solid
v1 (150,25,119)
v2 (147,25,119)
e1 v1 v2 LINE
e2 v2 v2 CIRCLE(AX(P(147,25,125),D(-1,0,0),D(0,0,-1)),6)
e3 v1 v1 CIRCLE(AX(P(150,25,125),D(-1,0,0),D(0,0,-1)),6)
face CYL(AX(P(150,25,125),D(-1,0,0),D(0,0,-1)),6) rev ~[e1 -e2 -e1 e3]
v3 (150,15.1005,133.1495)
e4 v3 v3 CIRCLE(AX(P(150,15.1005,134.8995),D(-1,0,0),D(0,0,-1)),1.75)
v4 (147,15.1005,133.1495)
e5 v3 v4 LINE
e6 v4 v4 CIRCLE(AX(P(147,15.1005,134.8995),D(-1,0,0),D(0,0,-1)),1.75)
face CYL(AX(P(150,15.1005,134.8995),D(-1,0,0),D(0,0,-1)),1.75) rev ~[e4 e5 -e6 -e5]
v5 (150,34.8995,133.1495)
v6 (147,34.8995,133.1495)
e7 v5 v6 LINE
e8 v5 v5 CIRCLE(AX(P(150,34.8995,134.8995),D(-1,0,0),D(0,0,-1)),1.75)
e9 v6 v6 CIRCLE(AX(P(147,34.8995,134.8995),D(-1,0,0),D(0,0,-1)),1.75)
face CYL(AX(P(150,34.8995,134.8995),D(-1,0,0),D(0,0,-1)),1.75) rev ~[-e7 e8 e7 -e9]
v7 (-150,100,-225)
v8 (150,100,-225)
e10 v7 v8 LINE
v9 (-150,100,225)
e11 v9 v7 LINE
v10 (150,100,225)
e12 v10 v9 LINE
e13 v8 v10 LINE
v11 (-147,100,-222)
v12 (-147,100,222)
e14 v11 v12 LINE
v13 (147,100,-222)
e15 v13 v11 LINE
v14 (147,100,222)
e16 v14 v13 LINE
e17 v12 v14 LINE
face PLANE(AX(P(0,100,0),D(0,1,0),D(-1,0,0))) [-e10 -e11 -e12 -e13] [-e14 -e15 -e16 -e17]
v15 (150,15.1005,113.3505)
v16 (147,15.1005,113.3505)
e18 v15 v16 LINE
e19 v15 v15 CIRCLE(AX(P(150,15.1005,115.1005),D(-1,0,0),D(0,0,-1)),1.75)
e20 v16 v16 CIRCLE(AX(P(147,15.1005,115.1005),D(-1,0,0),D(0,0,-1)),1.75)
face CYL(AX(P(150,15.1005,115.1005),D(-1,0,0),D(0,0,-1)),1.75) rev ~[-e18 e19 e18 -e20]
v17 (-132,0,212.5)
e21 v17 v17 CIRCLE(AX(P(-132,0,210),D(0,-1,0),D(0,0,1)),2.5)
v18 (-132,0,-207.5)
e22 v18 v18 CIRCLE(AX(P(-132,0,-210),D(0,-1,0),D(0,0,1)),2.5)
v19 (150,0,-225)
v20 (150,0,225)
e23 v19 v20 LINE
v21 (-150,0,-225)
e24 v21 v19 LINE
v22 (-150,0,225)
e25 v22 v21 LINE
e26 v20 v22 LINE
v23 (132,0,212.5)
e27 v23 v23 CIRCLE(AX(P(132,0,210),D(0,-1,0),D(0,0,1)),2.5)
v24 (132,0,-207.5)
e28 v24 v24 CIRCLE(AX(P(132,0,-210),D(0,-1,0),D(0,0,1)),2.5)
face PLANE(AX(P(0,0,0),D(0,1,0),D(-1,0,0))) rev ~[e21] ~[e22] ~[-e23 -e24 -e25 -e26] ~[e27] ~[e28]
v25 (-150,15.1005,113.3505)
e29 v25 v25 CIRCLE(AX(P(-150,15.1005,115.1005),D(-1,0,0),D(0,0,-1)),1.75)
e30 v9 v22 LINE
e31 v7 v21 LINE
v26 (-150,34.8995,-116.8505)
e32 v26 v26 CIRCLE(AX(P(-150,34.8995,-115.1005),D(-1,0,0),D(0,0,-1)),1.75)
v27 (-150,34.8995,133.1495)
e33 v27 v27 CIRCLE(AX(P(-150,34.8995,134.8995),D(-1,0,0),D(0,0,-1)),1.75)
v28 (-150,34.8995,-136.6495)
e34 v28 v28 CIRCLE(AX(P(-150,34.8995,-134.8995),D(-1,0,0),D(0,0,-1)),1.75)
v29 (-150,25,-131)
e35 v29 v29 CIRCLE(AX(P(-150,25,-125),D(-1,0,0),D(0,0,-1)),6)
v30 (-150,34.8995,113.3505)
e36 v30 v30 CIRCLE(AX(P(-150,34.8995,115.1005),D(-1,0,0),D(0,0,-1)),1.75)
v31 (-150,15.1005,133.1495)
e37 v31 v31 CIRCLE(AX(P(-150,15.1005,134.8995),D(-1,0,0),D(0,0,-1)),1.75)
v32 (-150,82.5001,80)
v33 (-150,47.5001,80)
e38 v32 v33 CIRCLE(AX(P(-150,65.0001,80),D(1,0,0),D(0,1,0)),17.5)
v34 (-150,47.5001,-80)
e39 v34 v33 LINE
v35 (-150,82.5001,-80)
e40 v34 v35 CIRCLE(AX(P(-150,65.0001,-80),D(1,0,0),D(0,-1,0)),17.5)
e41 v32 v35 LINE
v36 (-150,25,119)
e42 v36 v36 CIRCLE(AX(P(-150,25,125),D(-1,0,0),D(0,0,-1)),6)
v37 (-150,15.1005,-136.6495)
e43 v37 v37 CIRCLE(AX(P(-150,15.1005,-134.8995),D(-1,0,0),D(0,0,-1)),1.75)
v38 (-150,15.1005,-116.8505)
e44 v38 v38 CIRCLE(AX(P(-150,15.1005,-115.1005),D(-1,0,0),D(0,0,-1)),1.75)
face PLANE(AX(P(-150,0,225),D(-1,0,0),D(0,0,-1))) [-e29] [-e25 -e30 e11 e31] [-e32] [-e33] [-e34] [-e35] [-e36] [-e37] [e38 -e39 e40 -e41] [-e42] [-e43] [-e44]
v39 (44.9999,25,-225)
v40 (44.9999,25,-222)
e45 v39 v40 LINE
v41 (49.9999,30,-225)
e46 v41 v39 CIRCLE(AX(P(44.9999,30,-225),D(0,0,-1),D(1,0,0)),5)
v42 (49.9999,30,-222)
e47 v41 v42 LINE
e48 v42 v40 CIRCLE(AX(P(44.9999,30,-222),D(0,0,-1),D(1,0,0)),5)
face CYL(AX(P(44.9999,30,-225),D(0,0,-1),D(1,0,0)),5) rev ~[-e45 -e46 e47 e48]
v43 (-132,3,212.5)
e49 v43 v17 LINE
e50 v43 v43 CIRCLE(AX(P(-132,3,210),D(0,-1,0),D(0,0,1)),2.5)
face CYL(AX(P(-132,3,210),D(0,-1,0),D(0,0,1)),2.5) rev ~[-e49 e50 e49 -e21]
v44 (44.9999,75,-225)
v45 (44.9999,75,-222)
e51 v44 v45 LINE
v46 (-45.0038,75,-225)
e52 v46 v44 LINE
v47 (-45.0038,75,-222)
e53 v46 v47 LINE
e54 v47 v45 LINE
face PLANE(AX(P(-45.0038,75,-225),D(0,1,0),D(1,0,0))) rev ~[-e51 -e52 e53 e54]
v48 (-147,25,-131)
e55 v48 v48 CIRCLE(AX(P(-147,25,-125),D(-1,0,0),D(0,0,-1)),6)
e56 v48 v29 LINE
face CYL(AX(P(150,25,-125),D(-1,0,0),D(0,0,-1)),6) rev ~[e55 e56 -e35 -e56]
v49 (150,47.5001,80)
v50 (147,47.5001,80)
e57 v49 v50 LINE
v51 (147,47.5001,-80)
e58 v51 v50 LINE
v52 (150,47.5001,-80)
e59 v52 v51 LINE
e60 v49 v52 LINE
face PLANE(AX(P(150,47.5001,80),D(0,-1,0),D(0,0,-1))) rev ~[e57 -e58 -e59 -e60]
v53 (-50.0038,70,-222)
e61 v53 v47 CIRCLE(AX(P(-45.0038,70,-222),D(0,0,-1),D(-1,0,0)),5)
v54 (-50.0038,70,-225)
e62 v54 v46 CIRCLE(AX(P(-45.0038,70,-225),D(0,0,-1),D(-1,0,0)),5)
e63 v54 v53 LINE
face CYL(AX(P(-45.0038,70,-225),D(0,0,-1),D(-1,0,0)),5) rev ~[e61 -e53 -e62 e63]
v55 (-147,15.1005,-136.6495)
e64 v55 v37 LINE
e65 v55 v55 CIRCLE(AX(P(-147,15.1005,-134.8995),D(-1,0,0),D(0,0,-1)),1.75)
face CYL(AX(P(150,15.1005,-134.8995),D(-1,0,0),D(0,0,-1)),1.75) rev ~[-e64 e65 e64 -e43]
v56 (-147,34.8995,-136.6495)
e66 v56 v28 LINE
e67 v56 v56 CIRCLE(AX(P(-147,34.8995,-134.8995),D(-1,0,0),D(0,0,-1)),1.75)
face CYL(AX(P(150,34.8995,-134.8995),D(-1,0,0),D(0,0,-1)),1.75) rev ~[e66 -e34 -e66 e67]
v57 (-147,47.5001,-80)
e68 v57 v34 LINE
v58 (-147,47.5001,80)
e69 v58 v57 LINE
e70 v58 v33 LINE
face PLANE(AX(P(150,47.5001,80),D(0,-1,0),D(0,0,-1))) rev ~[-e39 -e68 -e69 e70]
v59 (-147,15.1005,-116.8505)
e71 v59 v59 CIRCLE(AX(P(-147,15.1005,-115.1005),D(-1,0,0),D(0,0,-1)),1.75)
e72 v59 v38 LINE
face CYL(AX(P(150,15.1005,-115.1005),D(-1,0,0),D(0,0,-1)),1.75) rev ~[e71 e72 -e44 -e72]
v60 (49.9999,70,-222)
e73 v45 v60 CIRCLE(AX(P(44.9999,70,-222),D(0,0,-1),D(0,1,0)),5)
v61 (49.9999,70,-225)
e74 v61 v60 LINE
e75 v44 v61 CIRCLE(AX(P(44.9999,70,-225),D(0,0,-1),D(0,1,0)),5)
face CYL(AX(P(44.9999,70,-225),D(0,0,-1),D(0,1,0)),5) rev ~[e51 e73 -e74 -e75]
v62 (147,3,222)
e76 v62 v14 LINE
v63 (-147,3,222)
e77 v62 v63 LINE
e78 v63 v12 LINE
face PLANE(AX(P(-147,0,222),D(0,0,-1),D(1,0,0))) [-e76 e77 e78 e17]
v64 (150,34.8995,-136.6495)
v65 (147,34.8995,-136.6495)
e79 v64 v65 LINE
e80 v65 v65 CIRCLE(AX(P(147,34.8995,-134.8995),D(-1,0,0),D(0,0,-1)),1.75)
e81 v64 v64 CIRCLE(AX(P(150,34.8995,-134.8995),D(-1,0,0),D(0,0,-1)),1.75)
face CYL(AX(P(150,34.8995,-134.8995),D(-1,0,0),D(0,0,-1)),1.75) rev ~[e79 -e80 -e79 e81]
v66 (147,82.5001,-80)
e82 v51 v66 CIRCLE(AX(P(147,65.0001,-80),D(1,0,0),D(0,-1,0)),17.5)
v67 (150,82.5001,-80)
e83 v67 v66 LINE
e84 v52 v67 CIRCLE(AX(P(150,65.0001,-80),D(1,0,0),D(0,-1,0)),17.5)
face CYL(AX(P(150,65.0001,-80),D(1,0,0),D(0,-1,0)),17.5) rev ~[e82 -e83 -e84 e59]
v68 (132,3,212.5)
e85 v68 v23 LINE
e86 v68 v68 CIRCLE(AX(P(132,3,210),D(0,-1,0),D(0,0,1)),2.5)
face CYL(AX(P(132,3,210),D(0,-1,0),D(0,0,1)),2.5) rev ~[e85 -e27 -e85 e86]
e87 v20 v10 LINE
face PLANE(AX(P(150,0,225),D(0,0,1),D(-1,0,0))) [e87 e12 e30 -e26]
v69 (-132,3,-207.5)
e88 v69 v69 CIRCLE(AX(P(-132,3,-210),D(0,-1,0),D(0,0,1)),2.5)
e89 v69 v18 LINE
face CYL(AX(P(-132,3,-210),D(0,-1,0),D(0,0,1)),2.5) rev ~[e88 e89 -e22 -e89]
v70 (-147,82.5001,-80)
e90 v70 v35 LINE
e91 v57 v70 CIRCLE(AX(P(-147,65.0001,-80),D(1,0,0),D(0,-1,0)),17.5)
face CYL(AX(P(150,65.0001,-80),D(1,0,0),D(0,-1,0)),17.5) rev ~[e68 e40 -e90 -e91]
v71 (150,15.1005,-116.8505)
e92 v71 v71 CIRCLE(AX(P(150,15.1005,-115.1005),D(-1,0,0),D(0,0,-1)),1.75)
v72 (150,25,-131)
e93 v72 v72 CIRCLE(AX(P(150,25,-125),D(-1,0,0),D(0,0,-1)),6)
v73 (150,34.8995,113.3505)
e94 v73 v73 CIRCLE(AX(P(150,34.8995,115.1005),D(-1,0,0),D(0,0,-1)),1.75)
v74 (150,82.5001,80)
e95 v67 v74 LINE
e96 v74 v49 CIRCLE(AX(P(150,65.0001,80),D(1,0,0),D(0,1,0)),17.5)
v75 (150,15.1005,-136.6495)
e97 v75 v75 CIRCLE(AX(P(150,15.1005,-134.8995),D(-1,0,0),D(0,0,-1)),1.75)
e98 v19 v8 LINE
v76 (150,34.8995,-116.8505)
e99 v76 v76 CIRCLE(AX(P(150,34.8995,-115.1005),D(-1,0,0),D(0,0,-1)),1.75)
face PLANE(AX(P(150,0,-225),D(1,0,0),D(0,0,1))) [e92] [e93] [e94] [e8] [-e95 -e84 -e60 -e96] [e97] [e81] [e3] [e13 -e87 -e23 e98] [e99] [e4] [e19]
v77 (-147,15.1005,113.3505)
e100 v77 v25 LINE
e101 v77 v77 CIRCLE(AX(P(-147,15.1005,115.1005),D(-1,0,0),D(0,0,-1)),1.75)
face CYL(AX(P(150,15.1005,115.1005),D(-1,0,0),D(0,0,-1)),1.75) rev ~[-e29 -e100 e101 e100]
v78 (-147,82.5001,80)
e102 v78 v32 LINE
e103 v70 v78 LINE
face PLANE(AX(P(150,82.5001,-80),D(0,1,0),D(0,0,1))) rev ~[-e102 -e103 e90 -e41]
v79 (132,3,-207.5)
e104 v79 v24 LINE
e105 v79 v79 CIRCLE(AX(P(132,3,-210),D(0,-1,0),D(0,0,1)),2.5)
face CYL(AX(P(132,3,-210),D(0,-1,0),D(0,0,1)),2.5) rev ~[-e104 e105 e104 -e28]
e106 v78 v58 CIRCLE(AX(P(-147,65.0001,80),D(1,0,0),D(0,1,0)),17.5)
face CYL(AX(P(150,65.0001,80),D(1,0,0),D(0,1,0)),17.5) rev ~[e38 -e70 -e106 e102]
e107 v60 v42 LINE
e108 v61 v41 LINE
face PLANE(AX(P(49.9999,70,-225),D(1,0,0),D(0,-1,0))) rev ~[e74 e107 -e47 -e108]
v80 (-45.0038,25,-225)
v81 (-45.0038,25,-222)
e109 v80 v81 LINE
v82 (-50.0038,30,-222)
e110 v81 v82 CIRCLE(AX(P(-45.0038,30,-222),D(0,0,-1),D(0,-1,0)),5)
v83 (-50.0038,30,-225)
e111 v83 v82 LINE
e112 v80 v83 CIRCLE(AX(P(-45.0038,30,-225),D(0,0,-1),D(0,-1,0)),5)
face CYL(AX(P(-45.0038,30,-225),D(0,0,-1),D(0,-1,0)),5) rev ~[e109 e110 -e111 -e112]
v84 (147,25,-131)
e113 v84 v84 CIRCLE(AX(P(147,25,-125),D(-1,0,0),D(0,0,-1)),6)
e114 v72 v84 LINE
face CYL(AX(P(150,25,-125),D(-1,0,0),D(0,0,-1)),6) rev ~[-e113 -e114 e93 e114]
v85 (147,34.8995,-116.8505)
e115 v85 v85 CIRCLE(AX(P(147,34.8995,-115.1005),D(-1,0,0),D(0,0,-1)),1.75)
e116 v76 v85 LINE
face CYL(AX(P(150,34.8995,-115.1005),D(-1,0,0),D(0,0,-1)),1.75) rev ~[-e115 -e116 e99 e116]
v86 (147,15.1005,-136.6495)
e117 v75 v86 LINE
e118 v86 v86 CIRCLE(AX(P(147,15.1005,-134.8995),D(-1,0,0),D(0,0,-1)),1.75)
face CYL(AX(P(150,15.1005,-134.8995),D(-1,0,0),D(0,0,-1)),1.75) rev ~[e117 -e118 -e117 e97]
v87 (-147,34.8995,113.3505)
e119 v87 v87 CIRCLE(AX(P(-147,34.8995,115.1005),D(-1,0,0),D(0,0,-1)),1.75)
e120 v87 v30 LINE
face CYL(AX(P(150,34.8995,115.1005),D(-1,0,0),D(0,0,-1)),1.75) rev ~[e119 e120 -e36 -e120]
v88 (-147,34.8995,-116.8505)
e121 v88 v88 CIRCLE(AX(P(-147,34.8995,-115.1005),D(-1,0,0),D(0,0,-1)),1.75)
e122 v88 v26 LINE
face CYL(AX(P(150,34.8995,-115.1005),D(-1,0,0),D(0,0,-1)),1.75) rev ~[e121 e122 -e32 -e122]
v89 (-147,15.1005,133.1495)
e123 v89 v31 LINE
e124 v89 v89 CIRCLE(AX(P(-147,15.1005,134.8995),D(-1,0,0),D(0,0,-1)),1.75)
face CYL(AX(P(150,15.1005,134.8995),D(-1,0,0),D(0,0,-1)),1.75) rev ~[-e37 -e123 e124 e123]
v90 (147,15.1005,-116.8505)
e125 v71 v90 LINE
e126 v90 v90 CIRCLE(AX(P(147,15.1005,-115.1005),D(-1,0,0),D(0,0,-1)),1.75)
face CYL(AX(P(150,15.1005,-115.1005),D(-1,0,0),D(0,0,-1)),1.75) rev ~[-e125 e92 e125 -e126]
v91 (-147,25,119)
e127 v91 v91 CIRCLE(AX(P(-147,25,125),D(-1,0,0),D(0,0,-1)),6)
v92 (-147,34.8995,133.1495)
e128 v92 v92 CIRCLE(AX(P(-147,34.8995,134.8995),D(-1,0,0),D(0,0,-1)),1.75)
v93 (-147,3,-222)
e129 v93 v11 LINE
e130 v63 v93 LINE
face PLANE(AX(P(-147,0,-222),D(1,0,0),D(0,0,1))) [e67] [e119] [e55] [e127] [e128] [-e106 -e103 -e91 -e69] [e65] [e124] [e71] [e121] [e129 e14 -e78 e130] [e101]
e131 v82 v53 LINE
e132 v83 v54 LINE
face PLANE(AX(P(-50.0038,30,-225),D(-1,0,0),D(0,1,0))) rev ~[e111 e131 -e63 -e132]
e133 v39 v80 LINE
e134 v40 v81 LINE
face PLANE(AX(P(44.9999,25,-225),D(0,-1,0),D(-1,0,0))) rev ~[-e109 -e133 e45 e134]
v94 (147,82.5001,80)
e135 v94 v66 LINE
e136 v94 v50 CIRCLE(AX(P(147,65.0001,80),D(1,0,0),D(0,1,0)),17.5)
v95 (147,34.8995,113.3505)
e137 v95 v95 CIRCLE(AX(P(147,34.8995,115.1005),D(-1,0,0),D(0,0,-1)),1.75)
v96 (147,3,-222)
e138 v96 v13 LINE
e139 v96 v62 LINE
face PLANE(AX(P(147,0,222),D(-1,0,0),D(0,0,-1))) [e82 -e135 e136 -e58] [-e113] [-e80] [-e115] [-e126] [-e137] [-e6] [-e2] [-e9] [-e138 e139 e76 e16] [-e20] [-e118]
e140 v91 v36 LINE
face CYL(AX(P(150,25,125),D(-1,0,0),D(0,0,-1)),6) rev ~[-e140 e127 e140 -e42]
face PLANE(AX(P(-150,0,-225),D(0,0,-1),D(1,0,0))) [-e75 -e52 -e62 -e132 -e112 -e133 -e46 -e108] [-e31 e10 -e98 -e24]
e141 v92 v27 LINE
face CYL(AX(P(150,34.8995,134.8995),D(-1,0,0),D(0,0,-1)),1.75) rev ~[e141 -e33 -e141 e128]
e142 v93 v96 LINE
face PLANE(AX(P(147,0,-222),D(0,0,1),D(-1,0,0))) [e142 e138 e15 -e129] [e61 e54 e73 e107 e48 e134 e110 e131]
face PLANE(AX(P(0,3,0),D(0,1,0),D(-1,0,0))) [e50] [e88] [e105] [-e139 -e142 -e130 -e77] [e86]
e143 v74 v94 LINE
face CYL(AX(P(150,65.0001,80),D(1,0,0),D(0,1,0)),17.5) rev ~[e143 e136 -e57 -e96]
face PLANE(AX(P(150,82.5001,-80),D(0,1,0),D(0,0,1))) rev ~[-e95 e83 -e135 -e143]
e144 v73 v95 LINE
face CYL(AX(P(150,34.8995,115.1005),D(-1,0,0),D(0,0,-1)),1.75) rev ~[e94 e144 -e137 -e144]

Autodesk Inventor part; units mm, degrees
ref_plane "YZ Plane" through (0, 0, 0) normal (1, 0, 0) x (0, 1, 0)
ref_plane "XZ Plane" through (0, 0, 0) normal (0, 1, 0) x (-1, 0, 0)
ref_plane "XY Plane" through (0, 0, 0) normal (0, 0, 1) x (1, 0, 0)
sketch "Sketch1" plane through (0, 0, 0) normal (0, 1, 0) x (-1, 0, 0)
  line L0 (-150, 225) -> (150, 225)
  line L1 (150, 225) -> (150, -225)
  line L2 (150, -225) -> (-150, -225)
  line L3 (-150, -225) -> (-150, 225)
  line L4 (-150, 225) -> (150, -225) construction
  line L5 (150, 225) -> (-150, -225) construction
  line L6 (147, -222) -> (147, 222)
  line L7 (147, 222) -> (-147, 222)
  line L8 (-147, 222) -> (-147, -222)
  line L9 (-147, -222) -> (147, -222)
  point P0 (0, 0)
  dimension "d0" = 300
  dimension "d1" = 450
  dimension "d4" = 3
extrude "Extrusion1" add sketch "Sketch1" along normal blind 3 contours L0 L1 L2 L3 | L9 L8 L7 L6
extrude "Extrusion2" add sketch "Sketch1" along normal blind 100
sketch "Sketch2" plane through (150, 0, 225) normal (1, 0, 0) x (0, 0, -1)
  line L0 (0, 0) -> (450, 0) projected
  line L1 (450, 0) -> (450, 100) projected
  line L2 (0, 100) -> (450, 100) projected
  line L3 (0, 0) -> (0, 100) projected
  line L4 (0, 25) -> (450, 25)
  circle A0 centre (100, 25) radius 14
  circle A1 centre (350, 25) radius 14
  line L5 (100, 25) -> (109.8995, 34.8995) construction
  line L6 (100, 25) -> (114, 25) construction
  line L7 (225, 100) -> (225, 0) construction
  circle A2 centre (100, 25) radius 6
  circle A3 centre (350, 25) radius 6
  point P0 (90.1005, 34.8995)
  point P1 (90.1005, 15.1005)
  point P2 (109.8995, 15.1005)
  point P3 (340.1005, 34.8995)
  point P4 (359.8995, 34.8995)
  point P5 (359.8995, 15.1005)
  point P6 (340.1005, 15.1005)
  dimension "d7" = 28
  dimension "d8" = 28
  dimension "d9" = 45
  dimension "d12" = 360
  dimension "d14" = 12
  dimension "d15" = 12
hole "Hole1" at (150, 25, 125) at (150, 25, -125) direction (-1, 0, 0) diameter 12 end through all
hole "Hole2" at (150, 34.8995, 134.8995) at (150, 15.1005, 115.1005) at (150, 15.1005, 134.8995) at (150, 34.8995, 115.1005) at (150, 34.8995, -115.1005) at (150, 15.1005, -115.1005) at (150, 15.1005, -134.8995) at (150, 34.8995, -134.8995) direction (-1, 0, 0) diameter 3.5 end through all
sketch "Sketch3" plane through (0, 3, 0) normal (0, 1, 0) x (1, 0, 0)
  line L0 (-147, 222) -> (-147, -222) projected
  line L1 (-147, -222) -> (147, -222) projected
  line L2 (147, -222) -> (147, 222) projected
  line L3 (147, 222) -> (-147, 222) projected
  point P0 (0, 0)
sketch "Sketch4" plane through (0, 3, 0) normal (0, 1, 0) x (1, 0, 0)
  line L0 (-147, 222) -> (-147, -222) projected
  line L1 (147, -222) -> (147, 222) projected
  line L2 (150, 225) -> (-150, 225) projected
  line L3 (0, 225) -> (0, -313.1103)
  line L4 (-147, 0) -> (147, 0)
  point P0 (0, 0)
  point P1 (-202.9851, -76.8809)
  point P2 (132, 256.112)
  point P3 (-124.075, 248.076)
  point P4 (-124.075, -228.643)
  point P5 (147.6668, -220.1737)
  point P6 (132, 210)
  point P7 (-132, 210)
  point P8 (132, -210)
  point P9 (-132, -210)
  dimension "d30" = 132
  dimension "d31" = 210
hole "Hole3" at (132, 3, -210) at (-132, 3, -210) at (-132, 3, 210) at (132, 3, 210) direction (0, -1, 0) diameter 5 end through all
sketch "Sketch5" plane through (150, 0, 225) normal (1, 0, 0) x (0, 0, -1)
  circle A0 centre (359.8995, 34.8995) radius 1.75 projected
  circle A1 centre (359.8995, 15.1005) radius 1.75 projected
  circle A2 centre (340.1005, 15.1005) radius 1.75 projected
  circle A3 centre (340.1005, 34.8995) radius 1.75 projected
  circle A4 centre (109.8995, 34.8995) radius 1.75 projected
  circle A5 centre (90.1005, 15.1005) radius 1.75 projected
  circle A6 centre (109.8995, 15.1005) radius 1.75 projected
  circle A7 centre (90.1005, 34.8995) radius 1.75 projected
  circle A8 centre (350, 25) radius 6 projected
  circle A9 centre (100, 25) radius 6 projected
  line L0 (0, 0) -> (450, 0) projected
  line L1 (450, 0) -> (450, 100) projected
  line L2 (0, 100) -> (450, 100) projected
  line L3 (0, 0) -> (0, 100) projected
  point P0 (225, 0)
  point P1 (225, 65)
  point P2 (225, 65)
sketch "Sketch6" plane through (150, 0, 225) normal (1, 0, 0) x (0, 0, -1)
  circle A0 centre (359.8995, 34.8995) radius 1.75 projected
  circle A1 centre (359.8995, 15.1005) radius 1.75 projected
  circle A2 centre (340.1005, 15.1005) radius 1.75 projected
  circle A3 centre (340.1005, 34.8995) radius 1.75 projected
  circle A4 centre (109.8995, 34.8995) radius 1.75 projected
  circle A5 centre (90.1005, 15.1005) radius 1.75 projected
  circle A6 centre (109.8995, 15.1005) radius 1.75 projected
  circle A7 centre (90.1005, 34.8995) radius 1.75 projected
  circle A8 centre (350, 25) radius 6 projected
  circle A9 centre (100, 25) radius 6 projected
  line L0 (0, 0) -> (450, 0) projected
  line L1 (450, 0) -> (450, 100) projected
  line L2 (0, 100) -> (450, 100) projected
  line L3 (0, 0) -> (0, 100) projected
  point P0 (225, 0)
sketch "Sketch7" plane through (150, 0, 225) normal (1, 0, 0) x (0, 0, -1)
  line L0 (145, 65.0001) -> (305, 65.0001) construction
  line L1 (145, 47.5001) -> (305, 47.5001)
  line L2 (305, 82.5001) -> (145, 82.5001)
  arc A0 (145, 82.5001) -> (145, 47.5001) centre (145, 65.0001) ccw
  arc A1 (305, 47.5001) -> (305, 82.5001) centre (305, 65.0001) ccw
  point P0 (225, 0)
  point P1 (225, 65.0001)
  dimension "d42" = 80
  dimension "d43" = 35
extrude "Extrusion3" cut sketch "Sketch7" against normal through all
sketch "Sketch8" plane through (150, 0, 225) normal (1, 0, 0) x (0, 0, -1)
  line L0 (145, 82.5001) -> (305, 82.5001) projected
  arc A0 (305, 47.5001) -> (305, 82.5001) centre (305, 65.0001) ccw projected
  line L1 (305, 47.5001) -> (145, 47.5001) projected
  arc A1 (145, 82.5001) -> (145, 47.5001) centre (145, 65.0001) ccw projected
  circle A2 centre (359.8995, 34.8995) radius 1.75 projected
  circle A3 centre (359.8995, 15.1005) radius 1.75 projected
  circle A4 centre (340.1005, 15.1005) radius 1.75 projected
  circle A5 centre (340.1005, 34.8995) radius 1.75 projected
  circle A6 centre (109.8995, 34.8995) radius 1.75 projected
  circle A7 centre (90.1005, 15.1005) radius 1.75 projected
  circle A8 centre (109.8995, 15.1005) radius 1.75 projected
  circle A9 centre (90.1005, 34.8995) radius 1.75 projected
  circle A10 centre (350, 25) radius 6 projected
  circle A11 centre (100, 25) radius 6 projected
  line L2 (0, 0) -> (450, 0) projected
  line L3 (450, 0) -> (450, 100) projected
  line L4 (0, 100) -> (450, 100) projected
  line L5 (0, 0) -> (0, 100) projected
  point P0 (225, 0)
sketch "Sketch9" plane through (150, 0, -225) normal (0, 0, -1) x (-1, 0, 0)
  line L0 (0, 0) -> (300, 0) projected
  line L1 (300, 0) -> (300, 100) projected
  line L2 (0, 100) -> (300, 100) projected
  line L3 (0, 0) -> (0, 100) projected
  line L4 (100, 75) -> (200, 75)
  line L5 (200, 75) -> (200, 25)
  line L6 (200, 25) -> (100, 25)
  line L7 (100, 25) -> (100, 75)
  line L8 (100, 75) -> (200, 25) construction
  line L9 (200, 75) -> (100, 25) construction
  point P0 (150, 0)
  point P1 (150, 50)
  point P2 (150, 50)
  dimension "d46" = 100
  dimension "d47" = 50
sketch "Sketch10" plane through (150, 0, -225) normal (0, 0, -1) x (-1, 0, 0)
  line L0 (100.0001, 70) -> (100.0001, 30)
  line L1 (105.0001, 25) -> (195.0038, 25)
  line L2 (200.0038, 30) -> (200.0038, 70)
  line L3 (195.0038, 75) -> (105.0001, 75)
  arc A0 (105.0001, 75) -> (100.0001, 70) centre (105.0001, 70) ccw
  arc A1 (100.0001, 30) -> (105.0001, 25) centre (105.0001, 30) ccw
  arc A2 (195.0038, 25) -> (200.0038, 30) centre (195.0038, 30) ccw
  arc A3 (200.0038, 70) -> (195.0038, 75) centre (195.0038, 70) ccw
  point P0 (150, 0)
  point P1 (200.0038, 75)
  point P2 (100.0038, 75)
  dimension "d48" = 100
  dimension "d49" = 5
extrude "Extrusion4" cut sketch "Sketch10" against normal blind 3
properties part number "AMR_Base_Box_V2"
